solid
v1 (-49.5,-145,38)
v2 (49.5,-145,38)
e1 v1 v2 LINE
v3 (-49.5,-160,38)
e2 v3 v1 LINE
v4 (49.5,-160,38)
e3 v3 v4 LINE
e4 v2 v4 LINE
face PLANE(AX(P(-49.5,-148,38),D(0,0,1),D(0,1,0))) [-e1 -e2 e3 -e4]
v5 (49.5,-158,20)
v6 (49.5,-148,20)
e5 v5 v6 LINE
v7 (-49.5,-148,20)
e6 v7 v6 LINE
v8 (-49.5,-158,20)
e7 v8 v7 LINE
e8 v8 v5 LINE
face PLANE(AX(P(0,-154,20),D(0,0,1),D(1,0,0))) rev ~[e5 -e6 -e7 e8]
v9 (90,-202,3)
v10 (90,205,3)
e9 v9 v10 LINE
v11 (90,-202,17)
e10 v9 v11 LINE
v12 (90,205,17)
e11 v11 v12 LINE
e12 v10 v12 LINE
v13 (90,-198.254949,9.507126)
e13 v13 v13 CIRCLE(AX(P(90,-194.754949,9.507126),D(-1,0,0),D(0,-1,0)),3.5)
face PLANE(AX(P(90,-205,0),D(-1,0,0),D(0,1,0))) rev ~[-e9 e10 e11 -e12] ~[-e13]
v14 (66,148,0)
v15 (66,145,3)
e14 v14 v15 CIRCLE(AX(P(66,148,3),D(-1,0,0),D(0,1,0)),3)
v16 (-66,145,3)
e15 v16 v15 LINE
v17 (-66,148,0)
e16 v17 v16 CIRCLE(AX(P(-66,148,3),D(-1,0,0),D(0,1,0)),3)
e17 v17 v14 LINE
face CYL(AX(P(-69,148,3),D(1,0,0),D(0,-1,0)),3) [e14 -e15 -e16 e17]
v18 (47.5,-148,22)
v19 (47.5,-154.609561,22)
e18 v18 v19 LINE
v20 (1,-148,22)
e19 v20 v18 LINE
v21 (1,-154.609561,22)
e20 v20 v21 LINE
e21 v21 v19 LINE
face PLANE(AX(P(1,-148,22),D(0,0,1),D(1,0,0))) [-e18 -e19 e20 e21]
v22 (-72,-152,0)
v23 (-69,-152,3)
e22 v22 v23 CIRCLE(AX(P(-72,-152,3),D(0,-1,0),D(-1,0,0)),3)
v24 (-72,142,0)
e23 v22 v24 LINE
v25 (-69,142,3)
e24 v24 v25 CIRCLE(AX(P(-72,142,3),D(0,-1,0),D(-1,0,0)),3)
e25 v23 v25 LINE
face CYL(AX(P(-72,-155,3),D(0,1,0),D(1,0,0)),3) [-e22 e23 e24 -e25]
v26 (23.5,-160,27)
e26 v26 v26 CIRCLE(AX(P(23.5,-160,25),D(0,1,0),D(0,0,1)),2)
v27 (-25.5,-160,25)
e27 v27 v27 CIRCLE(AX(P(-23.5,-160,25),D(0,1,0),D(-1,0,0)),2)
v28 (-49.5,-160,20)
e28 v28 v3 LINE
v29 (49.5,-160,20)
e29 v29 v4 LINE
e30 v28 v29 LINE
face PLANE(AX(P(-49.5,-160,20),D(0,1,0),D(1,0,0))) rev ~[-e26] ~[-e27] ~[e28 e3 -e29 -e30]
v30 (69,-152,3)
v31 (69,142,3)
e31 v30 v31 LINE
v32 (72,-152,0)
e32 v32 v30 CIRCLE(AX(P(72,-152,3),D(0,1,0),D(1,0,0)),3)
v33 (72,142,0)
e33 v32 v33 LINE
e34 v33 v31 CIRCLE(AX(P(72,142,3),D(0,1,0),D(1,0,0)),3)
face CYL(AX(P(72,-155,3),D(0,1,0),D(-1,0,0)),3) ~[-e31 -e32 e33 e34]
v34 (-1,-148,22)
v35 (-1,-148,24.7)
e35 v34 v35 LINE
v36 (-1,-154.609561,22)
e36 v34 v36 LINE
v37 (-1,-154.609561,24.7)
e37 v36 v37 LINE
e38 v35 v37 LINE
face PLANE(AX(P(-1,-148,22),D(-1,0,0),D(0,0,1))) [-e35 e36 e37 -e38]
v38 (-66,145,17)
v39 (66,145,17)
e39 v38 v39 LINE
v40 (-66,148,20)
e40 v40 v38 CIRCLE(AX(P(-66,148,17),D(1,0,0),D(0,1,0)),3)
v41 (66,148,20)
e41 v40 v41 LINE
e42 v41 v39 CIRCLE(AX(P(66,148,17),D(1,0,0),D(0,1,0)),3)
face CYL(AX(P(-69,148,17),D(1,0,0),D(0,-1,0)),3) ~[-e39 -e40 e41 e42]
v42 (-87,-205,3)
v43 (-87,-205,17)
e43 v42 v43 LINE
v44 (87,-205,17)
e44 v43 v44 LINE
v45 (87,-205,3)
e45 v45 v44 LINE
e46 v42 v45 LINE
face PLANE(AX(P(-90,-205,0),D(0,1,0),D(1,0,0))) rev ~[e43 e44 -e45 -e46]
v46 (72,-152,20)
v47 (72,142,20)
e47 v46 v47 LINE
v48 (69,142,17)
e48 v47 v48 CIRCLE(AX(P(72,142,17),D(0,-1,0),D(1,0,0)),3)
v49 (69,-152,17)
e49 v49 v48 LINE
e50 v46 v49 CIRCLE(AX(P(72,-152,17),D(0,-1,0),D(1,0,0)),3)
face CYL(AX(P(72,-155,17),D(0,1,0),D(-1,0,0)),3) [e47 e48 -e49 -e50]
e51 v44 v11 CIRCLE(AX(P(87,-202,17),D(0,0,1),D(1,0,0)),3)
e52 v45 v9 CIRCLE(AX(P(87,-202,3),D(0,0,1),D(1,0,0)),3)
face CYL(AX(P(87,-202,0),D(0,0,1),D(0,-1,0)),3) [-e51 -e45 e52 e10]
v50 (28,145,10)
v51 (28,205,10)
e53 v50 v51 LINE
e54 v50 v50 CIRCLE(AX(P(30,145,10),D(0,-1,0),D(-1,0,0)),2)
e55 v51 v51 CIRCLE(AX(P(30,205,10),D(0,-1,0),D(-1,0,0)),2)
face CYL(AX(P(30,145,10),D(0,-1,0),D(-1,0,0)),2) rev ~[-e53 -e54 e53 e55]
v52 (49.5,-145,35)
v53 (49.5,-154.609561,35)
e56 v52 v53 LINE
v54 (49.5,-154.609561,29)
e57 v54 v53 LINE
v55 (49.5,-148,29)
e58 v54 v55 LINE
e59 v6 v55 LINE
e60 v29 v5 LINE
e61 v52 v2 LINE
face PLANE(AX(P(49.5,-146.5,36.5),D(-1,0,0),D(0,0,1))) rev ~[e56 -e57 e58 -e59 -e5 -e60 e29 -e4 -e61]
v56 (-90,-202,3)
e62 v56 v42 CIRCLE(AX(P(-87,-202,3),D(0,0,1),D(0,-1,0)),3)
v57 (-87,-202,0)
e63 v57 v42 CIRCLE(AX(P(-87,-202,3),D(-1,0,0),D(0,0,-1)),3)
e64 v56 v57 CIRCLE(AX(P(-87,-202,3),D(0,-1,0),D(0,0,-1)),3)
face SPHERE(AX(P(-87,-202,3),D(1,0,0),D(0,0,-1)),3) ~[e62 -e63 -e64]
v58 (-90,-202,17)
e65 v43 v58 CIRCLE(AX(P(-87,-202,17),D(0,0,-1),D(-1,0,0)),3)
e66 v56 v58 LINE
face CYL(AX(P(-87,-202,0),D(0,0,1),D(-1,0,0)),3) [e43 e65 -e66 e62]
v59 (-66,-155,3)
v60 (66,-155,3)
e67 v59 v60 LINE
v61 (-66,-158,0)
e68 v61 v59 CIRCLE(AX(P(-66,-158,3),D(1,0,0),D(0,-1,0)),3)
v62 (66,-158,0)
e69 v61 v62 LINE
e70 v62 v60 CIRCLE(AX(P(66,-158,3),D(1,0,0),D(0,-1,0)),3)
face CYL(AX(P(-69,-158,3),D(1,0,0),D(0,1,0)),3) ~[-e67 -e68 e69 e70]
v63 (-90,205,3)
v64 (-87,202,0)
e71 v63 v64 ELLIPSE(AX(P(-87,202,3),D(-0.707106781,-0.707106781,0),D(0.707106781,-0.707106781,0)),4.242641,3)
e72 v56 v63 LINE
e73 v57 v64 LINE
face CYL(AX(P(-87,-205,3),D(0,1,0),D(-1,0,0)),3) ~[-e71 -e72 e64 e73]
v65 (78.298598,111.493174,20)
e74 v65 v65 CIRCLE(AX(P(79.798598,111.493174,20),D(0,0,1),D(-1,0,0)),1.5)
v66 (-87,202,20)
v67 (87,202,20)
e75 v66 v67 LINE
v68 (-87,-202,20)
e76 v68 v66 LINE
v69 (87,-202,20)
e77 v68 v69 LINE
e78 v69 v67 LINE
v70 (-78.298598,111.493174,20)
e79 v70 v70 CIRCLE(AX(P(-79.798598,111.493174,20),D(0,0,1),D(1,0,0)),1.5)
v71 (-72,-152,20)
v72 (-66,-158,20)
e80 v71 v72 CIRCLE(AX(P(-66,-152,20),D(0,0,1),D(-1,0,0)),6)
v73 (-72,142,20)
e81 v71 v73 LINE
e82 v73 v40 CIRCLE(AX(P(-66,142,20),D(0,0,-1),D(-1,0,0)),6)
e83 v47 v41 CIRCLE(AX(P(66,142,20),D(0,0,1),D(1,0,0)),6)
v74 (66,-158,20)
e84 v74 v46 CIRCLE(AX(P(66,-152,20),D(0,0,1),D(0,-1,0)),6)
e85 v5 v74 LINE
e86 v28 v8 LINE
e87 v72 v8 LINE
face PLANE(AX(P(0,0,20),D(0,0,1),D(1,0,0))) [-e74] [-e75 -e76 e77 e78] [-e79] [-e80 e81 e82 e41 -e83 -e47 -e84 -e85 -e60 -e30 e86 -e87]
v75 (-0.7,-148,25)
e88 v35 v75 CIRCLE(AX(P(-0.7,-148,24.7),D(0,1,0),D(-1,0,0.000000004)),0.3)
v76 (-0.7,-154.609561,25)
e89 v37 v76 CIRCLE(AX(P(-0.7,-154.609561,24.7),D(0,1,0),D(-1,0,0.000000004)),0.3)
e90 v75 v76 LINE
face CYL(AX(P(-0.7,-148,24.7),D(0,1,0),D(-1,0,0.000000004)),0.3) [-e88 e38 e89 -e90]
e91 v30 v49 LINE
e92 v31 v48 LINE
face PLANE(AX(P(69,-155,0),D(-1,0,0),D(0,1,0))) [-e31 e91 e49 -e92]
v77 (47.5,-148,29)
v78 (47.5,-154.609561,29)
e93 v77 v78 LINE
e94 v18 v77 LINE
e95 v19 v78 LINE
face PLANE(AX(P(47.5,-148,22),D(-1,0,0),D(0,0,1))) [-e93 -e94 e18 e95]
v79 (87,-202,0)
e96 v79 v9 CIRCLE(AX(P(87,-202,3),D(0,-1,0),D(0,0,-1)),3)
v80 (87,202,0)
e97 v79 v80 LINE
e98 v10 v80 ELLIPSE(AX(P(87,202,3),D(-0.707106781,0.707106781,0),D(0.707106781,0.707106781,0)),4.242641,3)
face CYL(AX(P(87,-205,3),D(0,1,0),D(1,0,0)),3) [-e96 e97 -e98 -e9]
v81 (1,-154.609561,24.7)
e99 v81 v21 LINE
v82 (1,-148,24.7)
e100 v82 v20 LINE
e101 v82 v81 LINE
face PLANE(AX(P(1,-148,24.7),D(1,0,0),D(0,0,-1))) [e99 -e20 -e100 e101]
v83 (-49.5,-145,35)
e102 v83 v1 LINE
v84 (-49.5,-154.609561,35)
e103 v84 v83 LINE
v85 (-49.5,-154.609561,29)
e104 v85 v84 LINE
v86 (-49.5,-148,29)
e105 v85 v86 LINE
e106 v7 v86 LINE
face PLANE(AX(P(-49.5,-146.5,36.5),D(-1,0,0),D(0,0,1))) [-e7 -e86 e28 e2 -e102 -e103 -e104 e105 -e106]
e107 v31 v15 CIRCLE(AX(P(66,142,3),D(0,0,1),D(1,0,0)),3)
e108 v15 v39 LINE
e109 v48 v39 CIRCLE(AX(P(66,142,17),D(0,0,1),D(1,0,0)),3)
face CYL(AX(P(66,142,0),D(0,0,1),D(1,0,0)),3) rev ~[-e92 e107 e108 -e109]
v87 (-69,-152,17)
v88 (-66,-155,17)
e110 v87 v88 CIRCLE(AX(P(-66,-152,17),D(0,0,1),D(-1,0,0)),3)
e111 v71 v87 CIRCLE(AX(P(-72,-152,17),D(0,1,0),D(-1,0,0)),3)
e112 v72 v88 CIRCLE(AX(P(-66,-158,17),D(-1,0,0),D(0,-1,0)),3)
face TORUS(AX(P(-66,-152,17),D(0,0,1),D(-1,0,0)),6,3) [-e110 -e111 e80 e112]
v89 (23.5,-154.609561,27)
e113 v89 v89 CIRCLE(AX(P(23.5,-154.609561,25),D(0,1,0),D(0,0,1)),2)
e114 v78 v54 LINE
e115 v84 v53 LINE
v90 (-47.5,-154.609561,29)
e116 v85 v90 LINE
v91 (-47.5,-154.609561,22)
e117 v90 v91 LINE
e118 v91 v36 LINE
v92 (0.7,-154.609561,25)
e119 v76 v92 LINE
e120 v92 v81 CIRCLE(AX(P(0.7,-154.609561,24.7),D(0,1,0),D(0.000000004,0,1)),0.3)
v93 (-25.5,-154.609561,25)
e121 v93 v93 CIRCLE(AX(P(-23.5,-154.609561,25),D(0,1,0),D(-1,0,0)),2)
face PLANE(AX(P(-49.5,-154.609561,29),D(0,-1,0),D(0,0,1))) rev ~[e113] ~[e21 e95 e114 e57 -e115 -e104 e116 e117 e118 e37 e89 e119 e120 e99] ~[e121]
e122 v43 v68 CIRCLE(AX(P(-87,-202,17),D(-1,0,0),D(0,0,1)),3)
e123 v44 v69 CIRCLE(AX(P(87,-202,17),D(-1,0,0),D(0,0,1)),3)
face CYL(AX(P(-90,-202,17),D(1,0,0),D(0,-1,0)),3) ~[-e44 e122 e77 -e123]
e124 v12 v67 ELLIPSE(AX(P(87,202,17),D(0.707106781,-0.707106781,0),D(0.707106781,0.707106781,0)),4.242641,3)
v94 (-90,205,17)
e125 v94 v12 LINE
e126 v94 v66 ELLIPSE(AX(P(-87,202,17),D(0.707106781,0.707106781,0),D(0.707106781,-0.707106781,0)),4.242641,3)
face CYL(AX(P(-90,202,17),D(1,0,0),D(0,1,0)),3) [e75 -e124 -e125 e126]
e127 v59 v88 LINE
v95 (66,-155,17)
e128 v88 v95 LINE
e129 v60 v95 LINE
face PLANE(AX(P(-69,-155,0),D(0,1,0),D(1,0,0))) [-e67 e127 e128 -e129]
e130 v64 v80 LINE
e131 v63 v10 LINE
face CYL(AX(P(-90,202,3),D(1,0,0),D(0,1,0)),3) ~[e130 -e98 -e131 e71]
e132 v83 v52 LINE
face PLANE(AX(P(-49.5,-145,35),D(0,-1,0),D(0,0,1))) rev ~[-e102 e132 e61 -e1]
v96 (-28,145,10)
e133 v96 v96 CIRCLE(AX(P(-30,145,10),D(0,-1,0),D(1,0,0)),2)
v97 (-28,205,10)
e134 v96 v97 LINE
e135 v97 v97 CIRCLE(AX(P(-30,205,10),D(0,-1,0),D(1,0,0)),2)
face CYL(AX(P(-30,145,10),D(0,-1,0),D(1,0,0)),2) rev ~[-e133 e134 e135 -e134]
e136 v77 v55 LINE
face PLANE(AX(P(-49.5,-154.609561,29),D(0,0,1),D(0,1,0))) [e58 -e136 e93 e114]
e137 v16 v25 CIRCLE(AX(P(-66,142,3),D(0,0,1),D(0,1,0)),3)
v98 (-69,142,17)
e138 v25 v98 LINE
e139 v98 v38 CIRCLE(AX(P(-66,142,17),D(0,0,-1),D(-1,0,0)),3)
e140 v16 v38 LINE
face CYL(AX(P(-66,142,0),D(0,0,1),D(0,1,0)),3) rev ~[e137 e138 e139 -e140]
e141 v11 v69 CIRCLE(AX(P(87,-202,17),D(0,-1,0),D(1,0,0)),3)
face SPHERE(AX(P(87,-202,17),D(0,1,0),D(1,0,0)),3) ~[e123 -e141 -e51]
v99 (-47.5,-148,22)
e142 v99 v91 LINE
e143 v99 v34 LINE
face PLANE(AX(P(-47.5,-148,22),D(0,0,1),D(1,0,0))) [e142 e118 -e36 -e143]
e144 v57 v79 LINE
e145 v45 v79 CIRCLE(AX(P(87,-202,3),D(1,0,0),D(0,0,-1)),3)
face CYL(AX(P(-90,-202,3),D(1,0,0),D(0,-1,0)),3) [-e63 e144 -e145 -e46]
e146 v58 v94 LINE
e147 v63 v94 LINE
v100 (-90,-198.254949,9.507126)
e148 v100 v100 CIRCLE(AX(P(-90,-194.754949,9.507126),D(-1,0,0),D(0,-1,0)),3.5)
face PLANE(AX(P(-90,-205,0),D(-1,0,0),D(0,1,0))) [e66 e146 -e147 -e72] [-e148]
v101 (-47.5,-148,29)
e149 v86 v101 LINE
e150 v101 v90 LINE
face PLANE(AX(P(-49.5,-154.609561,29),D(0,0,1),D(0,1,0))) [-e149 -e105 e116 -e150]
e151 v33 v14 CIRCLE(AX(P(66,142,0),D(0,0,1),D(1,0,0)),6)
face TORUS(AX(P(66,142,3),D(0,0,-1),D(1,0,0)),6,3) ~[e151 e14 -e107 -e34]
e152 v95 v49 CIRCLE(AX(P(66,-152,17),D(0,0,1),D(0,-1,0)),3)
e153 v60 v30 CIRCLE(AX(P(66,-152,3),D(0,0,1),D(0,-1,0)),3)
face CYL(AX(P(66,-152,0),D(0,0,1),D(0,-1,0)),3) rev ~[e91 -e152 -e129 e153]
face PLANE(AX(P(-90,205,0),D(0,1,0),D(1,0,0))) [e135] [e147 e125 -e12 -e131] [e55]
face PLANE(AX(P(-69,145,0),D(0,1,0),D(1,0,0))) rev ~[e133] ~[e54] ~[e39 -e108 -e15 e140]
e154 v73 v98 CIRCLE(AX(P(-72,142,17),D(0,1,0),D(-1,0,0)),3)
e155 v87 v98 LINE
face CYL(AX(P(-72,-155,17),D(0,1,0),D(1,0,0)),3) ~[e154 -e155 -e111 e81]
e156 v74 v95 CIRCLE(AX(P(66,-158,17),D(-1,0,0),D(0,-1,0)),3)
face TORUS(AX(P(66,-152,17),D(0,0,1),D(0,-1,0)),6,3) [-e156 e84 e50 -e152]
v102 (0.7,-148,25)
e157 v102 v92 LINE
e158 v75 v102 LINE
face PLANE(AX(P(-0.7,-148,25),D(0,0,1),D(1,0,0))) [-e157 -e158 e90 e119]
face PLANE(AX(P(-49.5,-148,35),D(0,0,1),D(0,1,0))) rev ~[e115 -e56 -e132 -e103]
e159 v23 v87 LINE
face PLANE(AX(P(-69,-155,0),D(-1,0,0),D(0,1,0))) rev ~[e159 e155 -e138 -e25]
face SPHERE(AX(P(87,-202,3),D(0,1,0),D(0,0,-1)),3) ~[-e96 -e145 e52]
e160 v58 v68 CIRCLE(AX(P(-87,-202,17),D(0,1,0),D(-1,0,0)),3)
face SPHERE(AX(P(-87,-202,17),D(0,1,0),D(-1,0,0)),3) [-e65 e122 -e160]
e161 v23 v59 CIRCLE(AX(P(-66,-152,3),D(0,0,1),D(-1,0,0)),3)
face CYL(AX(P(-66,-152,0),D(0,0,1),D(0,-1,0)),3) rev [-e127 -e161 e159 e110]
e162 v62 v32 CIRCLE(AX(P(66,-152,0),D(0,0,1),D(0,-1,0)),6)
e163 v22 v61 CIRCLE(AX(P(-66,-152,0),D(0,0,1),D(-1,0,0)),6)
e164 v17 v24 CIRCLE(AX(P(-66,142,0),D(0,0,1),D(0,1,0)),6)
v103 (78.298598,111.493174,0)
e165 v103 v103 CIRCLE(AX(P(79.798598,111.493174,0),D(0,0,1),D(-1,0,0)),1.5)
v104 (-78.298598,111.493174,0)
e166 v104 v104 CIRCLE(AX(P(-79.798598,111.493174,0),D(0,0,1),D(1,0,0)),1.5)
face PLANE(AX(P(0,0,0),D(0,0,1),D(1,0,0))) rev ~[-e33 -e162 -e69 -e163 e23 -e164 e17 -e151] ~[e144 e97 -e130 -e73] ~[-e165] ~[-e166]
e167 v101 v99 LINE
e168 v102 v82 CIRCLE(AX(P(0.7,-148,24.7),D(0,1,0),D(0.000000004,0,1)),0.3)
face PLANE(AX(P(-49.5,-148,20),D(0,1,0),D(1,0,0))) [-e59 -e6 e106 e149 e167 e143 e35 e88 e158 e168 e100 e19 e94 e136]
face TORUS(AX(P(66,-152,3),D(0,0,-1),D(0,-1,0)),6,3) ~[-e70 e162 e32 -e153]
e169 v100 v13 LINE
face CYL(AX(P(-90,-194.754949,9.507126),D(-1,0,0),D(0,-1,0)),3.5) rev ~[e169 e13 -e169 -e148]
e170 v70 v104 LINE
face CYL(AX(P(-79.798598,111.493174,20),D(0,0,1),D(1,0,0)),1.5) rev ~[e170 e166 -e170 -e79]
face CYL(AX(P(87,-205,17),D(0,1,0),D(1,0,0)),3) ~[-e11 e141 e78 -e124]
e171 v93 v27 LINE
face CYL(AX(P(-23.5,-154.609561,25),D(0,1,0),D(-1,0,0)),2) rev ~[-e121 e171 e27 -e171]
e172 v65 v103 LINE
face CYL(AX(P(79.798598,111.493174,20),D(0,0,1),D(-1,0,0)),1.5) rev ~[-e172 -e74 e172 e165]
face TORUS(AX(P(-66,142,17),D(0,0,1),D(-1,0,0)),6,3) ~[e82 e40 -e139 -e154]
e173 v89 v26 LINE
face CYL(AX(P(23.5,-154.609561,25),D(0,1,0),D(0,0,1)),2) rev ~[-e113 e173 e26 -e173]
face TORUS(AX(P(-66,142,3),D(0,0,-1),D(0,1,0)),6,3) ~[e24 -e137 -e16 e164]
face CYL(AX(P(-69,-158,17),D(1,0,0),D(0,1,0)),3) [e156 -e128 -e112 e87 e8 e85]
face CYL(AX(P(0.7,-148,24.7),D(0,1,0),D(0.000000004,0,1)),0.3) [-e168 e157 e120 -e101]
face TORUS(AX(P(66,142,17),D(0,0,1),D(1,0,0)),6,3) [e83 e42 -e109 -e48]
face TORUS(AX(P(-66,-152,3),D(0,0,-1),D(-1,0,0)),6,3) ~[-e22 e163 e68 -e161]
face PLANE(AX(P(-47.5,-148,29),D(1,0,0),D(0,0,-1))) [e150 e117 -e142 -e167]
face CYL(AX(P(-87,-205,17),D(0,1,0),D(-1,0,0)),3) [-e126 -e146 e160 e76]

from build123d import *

# Parameters (mm, degrees)
ESQUISSE1_W             = 180
ESQUISSE1_H             = 410
ESQUISSE1_W_2           = 138
ESQUISSE1_H_2           = 300
BOSS_EXTRU_1_DEPTH      = 20
CONG_1_R                = 3
ESQUISSE2_R             = 2
ENL_V_MAT_EXTRU_1_DEPTH = 362.939221417
ESQUISSE3_R             = 1.5
ENL_V_MAT_EXTRU_2_DEPTH = 225.77766793
ESQUISSE4_R             = 3.5
ENL_V_MAT_EXTRU_3_DEPTH = 274.541587332
ESQUISSE5_W             = 99
ESQUISSE5_H             = 12
BOSS_EXTRU_2_DEPTH      = 18
ESQUISSE12_W            = 3
ESQUISSE12_H            = 3
BOSS_EXTRU_5_DEPTH      = 99
ESQUISSE13_W            = 6
ESQUISSE13_H            = 6.6095607
ENL_V_MAT_EXTRU_5_DEPTH = 99
ENL_V_MAT_EXTRU_6_DEPTH = 6.6095607
ESQUISSE15_R            = 2
ENL_V_MAT_EXTRU_7_DEPTH = 373.643309543


with BuildPart() as part:
    # Esquisse1 → Boss.-Extru.1 (new body)
    with BuildSketch(Plane.XY):
        Rectangle(ESQUISSE1_W, ESQUISSE1_H)
        with Locations((0, -5)):
            Rectangle(ESQUISSE1_W_2, ESQUISSE1_H_2, mode=Mode.SUBTRACT)
    extrude(amount=BOSS_EXTRU_1_DEPTH)

    # Congé1
    cong_1_edges = [part.edges().sort_by_distance(p)[0] for p in [
        (90, 0, 20),
        (-69, -5, 0),
        (-69, 145, 10),
        (0, -155, 0),
        (-69, -155, 10),
        (69, -5, 0),
        (69, -155, 10),
        (0, 145, 0),
        (69, 145, 10),
        (-69, -5, 20),
        (0, 205, 20),
        (0, -155, 20),
        (69, -5, 20),
        (0, 145, 20),
        (-90, 0, 20),
        (0, 205, 0),
        (90, 0, 0),
        (0, -205, 0),
        (-90, 0, 0),
        (90, -205, 10),
        (-90, -205, 10),
        (0, -205, 20),
    ]]
    fillet(cong_1_edges, radius=CONG_1_R)

    # Esquisse2 → Enlèv. mat.-Extru.1 (cut, through all)
    with BuildSketch(Plane.XZ.offset(-145)):
        with Locations((-30, 10)):
            Circle(ESQUISSE2_R)
        with Locations(Location((30, 10, 0), (0, 0, 180))):
            Circle(ESQUISSE2_R)
    extrude(amount=-ENL_V_MAT_EXTRU_1_DEPTH, mode=Mode.SUBTRACT)

    # Esquisse3 → Enlèv. mat.-Extru.2 (cut, through all)
    with BuildSketch(Plane.XY.offset(20)):
        with Locations((-79.79859846, 111.493173655)):
            Circle(ESQUISSE3_R)
        with Locations(Location((79.79859846, 111.493173655, 0), (0, 0, 180))):
            Circle(ESQUISSE3_R)
    extrude(amount=-ENL_V_MAT_EXTRU_2_DEPTH, mode=Mode.SUBTRACT)

    # Esquisse4 → Enlèv. mat.-Extru.3 (cut, through all)
    with BuildSketch(Plane.ZY.offset(90)):
        with Locations(Location((9.507126216, -194.754948591, 0), (0, 0, 270))):
            Circle(ESQUISSE4_R)
    extrude(amount=-ENL_V_MAT_EXTRU_3_DEPTH, mode=Mode.SUBTRACT)

    # Esquisse5 → Boss.-Extru.2 (add)
    with BuildSketch(Plane.XY.offset(20)):
        with Locations((0, -154)):
            Rectangle(ESQUISSE5_W, ESQUISSE5_H)
    extrude(amount=BOSS_EXTRU_2_DEPTH)

    # Esquisse12 → Boss.-Extru.5 (add)
    with BuildSketch(Plane.ZY.offset(49.5)):
        with Locations((36.5, -146.5)):
            Rectangle(ESQUISSE12_W, ESQUISSE12_H)
    extrude(amount=-BOSS_EXTRU_5_DEPTH)

    # Esquisse13 → Enlèv. mat.-Extru.5 (cut)
    with BuildSketch(Plane.ZY.offset(49.5)):
        with Locations((32, -151.30478035)):
            Rectangle(ESQUISSE13_W, ESQUISSE13_H)
    extrude(amount=-ENL_V_MAT_EXTRU_5_DEPTH, mode=Mode.SUBTRACT)

    # Esquisse14 → Enlèv. mat.-Extru.6 (cut)
    with BuildSketch(Plane(origin=(0, -148, 0), x_dir=(1, 0, 0), z_dir=(0, 1, 0))):
        with BuildLine():
            Line((-47.5, -29), (-47.5, -22))
            Line((-47.5, -22), (-1, -22))
            Line((-1, -22), (-1, -24.7))
            ThreePointArc((-1, -24.7), (-0.912132034, -24.912132034), (-0.7, -25))
            Line((-0.7, -25), (0.7, -25))
            ThreePointArc((0.7, -25), (0.912132034, -24.912132034), (1, -24.7))
            Line((1, -24.7), (1, -22))
            Line((1, -22), (47.5, -22))
            Line((47.5, -22), (47.5, -29))
            Line((47.5, -29), (-47.5, -29))
        make_face()
    extrude(amount=-ENL_V_MAT_EXTRU_6_DEPTH, mode=Mode.SUBTRACT)

    # Esquisse15 → Enlèv. mat.-Extru.7 (cut, through all)
    with BuildSketch(Plane(origin=(0, -154.6095607, 0), x_dir=(1, 0, 0), z_dir=(0, 1, 0))):
        with Locations(Location((-23.5, -25, 0), (0, 0, 180))):
            Circle(ESQUISSE15_R)
        with Locations(Location((23.5, -25, 0), (0, 0, 270))):
            Circle(ESQUISSE15_R)
    extrude(amount=-ENL_V_MAT_EXTRU_7_DEPTH, mode=Mode.SUBTRACT)


solid = part.part
